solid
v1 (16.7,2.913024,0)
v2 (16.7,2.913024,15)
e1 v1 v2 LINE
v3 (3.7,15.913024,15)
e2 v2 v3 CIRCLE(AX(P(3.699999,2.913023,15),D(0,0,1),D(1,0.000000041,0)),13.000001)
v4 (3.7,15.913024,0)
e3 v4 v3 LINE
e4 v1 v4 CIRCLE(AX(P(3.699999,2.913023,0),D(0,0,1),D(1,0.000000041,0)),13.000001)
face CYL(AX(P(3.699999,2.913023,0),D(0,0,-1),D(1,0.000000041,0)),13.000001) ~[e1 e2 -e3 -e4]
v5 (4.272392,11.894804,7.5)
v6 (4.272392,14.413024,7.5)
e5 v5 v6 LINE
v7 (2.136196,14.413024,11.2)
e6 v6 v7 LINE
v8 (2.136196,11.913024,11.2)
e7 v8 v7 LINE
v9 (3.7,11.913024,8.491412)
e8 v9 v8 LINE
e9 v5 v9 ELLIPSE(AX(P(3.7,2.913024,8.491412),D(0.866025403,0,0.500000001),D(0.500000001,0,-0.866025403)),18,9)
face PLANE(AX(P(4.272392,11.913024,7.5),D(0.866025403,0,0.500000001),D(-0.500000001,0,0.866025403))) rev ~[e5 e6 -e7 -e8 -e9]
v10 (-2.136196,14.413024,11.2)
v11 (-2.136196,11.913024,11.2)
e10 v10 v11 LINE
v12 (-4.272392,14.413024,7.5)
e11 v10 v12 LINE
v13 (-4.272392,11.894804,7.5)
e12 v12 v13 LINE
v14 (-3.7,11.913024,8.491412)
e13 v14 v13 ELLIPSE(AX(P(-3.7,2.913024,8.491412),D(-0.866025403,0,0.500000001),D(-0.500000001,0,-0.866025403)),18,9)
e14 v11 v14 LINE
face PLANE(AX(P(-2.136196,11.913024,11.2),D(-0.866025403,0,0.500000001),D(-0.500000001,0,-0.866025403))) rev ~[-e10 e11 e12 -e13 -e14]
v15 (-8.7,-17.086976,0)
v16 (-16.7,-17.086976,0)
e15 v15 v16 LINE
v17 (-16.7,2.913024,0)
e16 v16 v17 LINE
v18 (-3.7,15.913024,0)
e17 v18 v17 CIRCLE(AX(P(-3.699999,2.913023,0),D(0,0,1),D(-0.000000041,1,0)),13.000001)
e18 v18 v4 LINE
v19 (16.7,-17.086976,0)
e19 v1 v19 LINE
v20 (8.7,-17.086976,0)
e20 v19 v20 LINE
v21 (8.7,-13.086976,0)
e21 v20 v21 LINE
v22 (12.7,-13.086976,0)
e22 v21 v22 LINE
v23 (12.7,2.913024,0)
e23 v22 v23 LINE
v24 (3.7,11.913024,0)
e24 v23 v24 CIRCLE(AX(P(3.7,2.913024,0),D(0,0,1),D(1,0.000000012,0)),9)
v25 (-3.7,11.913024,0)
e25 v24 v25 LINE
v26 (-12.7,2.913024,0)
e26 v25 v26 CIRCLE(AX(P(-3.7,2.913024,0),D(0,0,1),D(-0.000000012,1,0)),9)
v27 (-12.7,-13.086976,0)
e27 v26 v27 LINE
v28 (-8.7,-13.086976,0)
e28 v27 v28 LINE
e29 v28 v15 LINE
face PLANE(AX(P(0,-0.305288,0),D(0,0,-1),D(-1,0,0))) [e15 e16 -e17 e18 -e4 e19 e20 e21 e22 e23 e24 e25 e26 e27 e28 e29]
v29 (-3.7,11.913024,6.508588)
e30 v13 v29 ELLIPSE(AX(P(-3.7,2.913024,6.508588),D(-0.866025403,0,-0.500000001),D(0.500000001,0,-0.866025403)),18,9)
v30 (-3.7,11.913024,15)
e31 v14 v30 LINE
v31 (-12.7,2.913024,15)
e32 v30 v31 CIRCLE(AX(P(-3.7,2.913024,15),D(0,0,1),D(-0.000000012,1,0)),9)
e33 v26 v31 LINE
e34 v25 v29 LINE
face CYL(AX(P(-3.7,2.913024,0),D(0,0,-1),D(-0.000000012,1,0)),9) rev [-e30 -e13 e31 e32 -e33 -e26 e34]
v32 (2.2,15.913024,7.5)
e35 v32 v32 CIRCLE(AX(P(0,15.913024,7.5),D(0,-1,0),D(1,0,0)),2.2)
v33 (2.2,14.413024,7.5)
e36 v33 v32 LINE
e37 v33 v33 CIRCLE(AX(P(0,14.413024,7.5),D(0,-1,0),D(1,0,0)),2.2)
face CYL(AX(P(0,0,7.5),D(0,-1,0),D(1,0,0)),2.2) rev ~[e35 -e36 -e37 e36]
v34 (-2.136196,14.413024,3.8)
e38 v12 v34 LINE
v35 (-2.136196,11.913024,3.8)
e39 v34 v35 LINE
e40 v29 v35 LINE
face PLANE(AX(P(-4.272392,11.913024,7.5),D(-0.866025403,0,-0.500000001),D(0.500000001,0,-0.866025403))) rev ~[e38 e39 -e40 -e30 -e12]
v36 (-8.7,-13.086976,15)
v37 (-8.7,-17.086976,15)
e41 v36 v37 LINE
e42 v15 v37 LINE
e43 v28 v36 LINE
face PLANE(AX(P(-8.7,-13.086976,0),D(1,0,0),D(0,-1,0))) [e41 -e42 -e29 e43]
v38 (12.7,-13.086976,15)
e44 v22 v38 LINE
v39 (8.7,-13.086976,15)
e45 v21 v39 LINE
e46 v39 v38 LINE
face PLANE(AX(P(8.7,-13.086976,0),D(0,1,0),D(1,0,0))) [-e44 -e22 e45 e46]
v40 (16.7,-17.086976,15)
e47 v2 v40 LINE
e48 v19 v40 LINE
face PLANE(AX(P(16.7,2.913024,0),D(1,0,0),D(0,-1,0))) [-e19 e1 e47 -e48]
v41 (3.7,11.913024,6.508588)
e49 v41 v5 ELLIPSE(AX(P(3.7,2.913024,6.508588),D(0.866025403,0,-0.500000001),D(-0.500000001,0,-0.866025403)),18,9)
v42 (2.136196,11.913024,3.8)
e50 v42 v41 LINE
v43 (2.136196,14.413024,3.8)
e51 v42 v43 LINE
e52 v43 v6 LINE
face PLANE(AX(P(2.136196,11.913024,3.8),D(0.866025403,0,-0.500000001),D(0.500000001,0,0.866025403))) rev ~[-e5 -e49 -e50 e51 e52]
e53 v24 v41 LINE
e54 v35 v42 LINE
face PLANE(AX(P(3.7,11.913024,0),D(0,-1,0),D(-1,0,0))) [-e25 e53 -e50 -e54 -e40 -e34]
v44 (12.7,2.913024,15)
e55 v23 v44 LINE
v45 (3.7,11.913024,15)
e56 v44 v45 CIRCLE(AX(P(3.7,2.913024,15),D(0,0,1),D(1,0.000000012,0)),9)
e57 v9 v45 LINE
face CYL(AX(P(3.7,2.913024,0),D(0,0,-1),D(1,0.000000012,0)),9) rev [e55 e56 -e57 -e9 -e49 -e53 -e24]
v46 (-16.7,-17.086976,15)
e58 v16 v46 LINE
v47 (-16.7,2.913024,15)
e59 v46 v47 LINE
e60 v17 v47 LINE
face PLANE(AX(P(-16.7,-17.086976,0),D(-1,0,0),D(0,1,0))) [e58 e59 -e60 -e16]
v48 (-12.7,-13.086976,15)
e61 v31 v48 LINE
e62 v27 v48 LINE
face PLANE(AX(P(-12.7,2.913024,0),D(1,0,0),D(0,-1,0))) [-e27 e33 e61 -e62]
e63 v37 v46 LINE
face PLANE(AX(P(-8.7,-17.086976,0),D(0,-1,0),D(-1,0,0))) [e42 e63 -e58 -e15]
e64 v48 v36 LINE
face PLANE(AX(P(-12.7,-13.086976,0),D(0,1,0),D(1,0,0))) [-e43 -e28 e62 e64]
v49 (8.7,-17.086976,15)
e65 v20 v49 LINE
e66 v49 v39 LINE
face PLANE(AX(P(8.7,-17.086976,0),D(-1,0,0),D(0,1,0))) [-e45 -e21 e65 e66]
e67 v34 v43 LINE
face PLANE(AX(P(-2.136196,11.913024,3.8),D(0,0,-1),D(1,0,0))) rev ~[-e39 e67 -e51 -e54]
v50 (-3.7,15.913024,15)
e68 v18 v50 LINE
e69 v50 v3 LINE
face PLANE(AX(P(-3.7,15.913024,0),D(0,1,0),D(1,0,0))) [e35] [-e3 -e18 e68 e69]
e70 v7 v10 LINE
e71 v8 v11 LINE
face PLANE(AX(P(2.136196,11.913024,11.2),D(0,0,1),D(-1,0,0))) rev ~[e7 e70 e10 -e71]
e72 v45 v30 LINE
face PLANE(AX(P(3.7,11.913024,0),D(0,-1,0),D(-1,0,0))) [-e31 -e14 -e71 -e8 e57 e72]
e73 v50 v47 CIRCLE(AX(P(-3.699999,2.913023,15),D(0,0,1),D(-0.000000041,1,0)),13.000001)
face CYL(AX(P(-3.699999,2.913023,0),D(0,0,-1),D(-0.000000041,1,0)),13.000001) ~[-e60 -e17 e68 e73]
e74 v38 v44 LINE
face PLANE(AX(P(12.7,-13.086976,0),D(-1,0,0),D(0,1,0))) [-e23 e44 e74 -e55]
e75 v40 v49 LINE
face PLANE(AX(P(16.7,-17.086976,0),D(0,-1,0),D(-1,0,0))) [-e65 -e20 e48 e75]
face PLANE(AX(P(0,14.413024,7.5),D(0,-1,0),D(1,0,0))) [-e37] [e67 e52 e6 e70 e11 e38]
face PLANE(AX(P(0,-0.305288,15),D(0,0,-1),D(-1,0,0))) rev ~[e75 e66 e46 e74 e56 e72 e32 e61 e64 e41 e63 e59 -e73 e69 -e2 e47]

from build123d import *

# Parameters (mm, degrees)
PAD_DEPTH       = 15
SKETCH001_R     = 2.2
POCKET_DEPTH    = 15.914024
POCKET001_DEPTH = 2.5


with BuildPart() as part:
    # Sketch → Pad (new body)
    with BuildSketch(Plane.XY):
        with BuildLine():
            Line((-12.7, -13.086976), (-8.7, -13.086976))
            Line((-8.7, -13.086976), (-8.7, -17.086976))
            Line((-8.7, -17.086976), (-16.7, -17.086976))
            Line((-16.7, -17.086976), (-16.7, 2.913024))
            ThreePointArc((-3.7, 15.913024), (-12.892388, 12.105412), (-16.7, 2.913024))
            Line((-3.7, 15.913024), (3.7, 15.913024))
            ThreePointArc((16.7, 2.913024), (12.892388, 12.105412), (3.7, 15.913024))
            Line((16.7, 2.913024), (16.7, -17.086976))
            Line((16.7, -17.086976), (8.7, -17.086976))
            Line((8.7, -17.086976), (8.7, -13.086976))
            Line((8.7, -13.086976), (12.7, -13.086976))
            Line((12.7, -13.086976), (12.7, 2.913024))
            ThreePointArc((12.7, 2.913024), (10.063961, 9.276985), (3.7, 11.913024))
            Line((3.7, 11.913024), (-3.7, 11.913024))
            ThreePointArc((-3.7, 11.913024), (-10.063961, 9.276985), (-12.7, 2.913024))
            Line((-12.7, 2.913024), (-12.7, -13.086976))
        make_face()
    extrude(amount=PAD_DEPTH)

    # Sketch001 → Pocket (cut, through all)
    with BuildSketch(Plane.XZ):
        with Locations((0, 7.5)):
            Circle(SKETCH001_R)
    extrude(amount=-POCKET_DEPTH, mode=Mode.SUBTRACT)

    # Sketch002 (on Face11 of Pocket) → Pocket001 (cut, symmetric)
    with BuildSketch(Plane.XZ.offset(-11.913024)):
        Polygon((2.136196, 11.2), (-2.136196, 11.2), (-4.272392, 7.5), (-2.136196, 3.8), (2.136196, 3.8), (4.272392, 7.5), align=None)
    extrude(amount=POCKET001_DEPTH, both=True, mode=Mode.SUBTRACT)


solid = part.part
